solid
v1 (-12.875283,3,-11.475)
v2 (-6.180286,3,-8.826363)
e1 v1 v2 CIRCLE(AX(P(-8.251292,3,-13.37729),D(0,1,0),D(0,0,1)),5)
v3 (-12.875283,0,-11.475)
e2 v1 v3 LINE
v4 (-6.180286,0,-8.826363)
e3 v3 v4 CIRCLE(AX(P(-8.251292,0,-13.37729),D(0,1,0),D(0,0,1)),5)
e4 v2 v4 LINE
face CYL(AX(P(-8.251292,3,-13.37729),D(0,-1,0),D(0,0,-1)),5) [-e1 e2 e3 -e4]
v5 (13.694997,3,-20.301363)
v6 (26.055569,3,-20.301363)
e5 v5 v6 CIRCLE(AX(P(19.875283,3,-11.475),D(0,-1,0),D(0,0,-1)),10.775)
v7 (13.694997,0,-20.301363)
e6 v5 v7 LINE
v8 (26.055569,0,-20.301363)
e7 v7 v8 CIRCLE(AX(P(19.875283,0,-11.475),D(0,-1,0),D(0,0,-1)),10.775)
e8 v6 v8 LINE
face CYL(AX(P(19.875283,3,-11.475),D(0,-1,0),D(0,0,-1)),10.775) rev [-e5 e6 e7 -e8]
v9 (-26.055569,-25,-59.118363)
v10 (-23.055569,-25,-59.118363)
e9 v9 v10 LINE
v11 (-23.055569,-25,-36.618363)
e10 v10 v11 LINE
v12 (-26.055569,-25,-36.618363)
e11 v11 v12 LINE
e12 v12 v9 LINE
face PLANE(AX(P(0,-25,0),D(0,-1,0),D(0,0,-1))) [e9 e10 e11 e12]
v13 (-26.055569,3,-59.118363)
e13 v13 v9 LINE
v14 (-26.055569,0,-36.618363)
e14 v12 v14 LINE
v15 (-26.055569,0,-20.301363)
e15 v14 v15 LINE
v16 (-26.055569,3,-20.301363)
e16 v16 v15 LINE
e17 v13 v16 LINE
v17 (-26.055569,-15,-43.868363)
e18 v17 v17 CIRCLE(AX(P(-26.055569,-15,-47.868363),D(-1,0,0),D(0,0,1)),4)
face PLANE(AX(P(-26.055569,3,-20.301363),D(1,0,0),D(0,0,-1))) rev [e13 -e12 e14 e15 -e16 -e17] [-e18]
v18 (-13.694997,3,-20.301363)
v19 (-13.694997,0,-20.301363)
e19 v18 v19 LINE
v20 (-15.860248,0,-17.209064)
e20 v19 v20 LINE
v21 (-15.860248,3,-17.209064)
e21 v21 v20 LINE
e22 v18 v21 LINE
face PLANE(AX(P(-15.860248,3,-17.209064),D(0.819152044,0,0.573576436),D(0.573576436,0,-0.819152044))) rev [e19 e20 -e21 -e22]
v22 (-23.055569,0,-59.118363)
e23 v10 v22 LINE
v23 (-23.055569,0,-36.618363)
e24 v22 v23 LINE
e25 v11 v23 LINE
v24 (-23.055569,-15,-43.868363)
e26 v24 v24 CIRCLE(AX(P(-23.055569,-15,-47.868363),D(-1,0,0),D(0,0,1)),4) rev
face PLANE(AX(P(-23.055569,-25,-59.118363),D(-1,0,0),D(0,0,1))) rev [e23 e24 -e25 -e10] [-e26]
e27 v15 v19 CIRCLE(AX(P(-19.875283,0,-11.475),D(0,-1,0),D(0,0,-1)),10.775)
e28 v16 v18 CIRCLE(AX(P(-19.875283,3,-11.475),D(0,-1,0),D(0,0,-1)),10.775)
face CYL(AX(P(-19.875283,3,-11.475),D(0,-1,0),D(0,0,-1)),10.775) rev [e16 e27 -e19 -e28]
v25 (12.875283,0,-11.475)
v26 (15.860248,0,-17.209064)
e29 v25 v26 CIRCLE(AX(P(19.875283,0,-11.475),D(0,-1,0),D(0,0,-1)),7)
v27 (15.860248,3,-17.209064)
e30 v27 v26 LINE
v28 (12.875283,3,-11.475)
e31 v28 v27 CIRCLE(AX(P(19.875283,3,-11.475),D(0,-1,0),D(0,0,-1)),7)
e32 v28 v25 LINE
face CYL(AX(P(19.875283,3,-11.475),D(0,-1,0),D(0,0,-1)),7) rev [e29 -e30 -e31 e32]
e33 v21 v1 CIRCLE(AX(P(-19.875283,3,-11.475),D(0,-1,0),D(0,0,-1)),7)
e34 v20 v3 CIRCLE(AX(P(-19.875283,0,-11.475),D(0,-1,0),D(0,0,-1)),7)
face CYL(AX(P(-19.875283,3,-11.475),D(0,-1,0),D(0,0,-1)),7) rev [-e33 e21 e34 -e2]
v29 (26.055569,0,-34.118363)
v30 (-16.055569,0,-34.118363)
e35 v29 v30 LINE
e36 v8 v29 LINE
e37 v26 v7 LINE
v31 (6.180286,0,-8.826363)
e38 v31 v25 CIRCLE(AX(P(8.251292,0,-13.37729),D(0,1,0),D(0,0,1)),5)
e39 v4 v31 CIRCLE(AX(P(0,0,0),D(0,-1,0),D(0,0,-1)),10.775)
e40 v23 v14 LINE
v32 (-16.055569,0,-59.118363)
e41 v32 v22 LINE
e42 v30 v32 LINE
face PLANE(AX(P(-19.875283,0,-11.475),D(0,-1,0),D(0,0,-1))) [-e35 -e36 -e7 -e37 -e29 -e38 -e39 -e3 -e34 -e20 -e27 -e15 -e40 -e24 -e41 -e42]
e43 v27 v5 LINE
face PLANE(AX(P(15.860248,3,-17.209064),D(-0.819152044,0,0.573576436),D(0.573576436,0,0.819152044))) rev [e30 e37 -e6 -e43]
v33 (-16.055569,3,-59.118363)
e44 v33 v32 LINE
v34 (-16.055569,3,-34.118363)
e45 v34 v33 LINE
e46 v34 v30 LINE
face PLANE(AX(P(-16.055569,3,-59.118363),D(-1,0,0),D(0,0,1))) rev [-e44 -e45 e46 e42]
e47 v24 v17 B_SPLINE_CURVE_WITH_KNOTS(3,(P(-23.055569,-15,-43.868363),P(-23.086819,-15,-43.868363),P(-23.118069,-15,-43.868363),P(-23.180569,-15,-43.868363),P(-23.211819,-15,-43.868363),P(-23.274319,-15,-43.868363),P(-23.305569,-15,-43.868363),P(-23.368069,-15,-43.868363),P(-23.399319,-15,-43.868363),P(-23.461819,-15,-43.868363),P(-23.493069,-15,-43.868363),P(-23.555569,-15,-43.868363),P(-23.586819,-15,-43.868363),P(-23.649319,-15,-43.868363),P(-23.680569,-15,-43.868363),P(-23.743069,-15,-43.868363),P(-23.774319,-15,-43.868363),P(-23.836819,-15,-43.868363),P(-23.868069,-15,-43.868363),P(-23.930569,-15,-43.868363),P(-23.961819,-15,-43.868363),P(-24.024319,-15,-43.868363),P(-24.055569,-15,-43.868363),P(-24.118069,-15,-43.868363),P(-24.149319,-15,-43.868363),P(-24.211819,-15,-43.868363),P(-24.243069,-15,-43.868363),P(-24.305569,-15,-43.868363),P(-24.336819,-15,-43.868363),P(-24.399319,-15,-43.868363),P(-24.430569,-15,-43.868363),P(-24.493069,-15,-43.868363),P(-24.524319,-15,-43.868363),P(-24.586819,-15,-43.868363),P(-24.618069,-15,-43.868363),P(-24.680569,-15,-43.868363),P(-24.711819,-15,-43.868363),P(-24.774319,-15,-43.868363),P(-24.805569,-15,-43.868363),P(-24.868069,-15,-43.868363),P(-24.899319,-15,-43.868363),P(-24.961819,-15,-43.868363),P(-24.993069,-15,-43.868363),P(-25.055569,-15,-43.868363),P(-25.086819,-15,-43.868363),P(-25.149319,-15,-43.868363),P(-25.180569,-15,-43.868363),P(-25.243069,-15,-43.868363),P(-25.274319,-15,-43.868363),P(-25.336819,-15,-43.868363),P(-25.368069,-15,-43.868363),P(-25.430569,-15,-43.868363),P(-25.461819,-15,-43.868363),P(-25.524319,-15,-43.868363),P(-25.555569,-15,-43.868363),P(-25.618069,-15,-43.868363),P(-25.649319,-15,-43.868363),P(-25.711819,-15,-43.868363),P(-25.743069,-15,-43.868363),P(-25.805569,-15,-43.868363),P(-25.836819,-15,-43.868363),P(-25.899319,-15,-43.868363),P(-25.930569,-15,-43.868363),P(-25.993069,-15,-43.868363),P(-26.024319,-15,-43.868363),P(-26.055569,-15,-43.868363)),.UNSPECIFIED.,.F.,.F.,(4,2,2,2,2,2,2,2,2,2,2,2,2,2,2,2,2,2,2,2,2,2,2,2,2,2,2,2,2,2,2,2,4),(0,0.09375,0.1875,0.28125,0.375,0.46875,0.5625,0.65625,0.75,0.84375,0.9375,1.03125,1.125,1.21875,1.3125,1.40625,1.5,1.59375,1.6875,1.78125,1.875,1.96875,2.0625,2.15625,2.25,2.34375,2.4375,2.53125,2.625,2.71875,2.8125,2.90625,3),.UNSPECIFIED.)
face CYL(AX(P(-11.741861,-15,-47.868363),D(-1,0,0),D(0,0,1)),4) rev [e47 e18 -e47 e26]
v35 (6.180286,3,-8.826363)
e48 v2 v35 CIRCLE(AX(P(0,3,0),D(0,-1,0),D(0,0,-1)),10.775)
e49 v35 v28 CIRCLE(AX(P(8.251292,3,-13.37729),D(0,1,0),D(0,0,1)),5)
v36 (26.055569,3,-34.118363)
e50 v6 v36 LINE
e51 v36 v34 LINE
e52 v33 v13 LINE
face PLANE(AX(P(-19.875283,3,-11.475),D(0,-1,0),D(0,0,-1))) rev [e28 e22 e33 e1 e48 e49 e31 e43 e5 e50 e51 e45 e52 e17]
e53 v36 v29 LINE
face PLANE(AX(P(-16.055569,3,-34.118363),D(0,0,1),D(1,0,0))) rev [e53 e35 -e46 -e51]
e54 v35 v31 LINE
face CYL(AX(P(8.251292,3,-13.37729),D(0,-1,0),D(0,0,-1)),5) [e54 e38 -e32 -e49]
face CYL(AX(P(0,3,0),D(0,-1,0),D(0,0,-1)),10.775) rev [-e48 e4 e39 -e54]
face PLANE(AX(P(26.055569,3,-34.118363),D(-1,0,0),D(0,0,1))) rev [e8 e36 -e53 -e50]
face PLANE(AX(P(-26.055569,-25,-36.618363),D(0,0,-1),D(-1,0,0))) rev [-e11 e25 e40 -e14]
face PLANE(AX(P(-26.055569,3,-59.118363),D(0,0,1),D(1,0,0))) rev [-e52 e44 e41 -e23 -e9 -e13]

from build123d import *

# Parameters (mm, degrees)
BOSS_EXTRUDE1_DEPTH = 3
SKETCH3_W           = 3
SKETCH3_H           = 22.5
BOSS_EXTRUDE2_DEPTH = 25
SKETCH4_R           = 4
CUT_EXTRUDE1_DEPTH  = 3


with BuildPart() as part:
    # Sketch2 → Boss-Extrude1 (new body)
    with BuildSketch(Plane(origin=(0, 0, 0), x_dir=(1, 0, 0), z_dir=(0, 1, 0))):
        with BuildLine():
            Line((-15.860247962, 17.20906431), (-13.694996915, 20.301363277))
            ThreePointArc((-13.694996915, 20.301363277), (-19.875283017, 22.25), (-26.055569119, 20.301363277))
            Line((-26.055569119, 20.301363277), (-26.055569119, 34.118363277))
            Line((-26.055569119, 34.118363277), (-26.055569119, 59.118363277))
            Line((-26.055569119, 59.118363277), (-16.055569119, 59.118363277))
            Line((-16.055569119, 59.118363277), (-16.055569119, 34.118363277))
            Line((-16.055569119, 34.118363277), (26.055569119, 34.118363277))
            Line((26.055569119, 34.118363277), (26.055569119, 20.301363277))
            ThreePointArc((26.055569119, 20.301363277), (19.875283017, 22.25), (13.694996915, 20.301363277))
            Line((13.694996915, 20.301363277), (15.860247962, 17.20906431))
            ThreePointArc((15.860247962, 17.20906431), (13.666207185, 14.707240293), (12.875283017, 11.475))
            ThreePointArc((12.875283017, 11.475), (10.090653959, 8.727908609), (6.180286102, 8.826363277))
            ThreePointArc((6.180286102, 8.826363277), (0, 10.775), (-6.180286102, 8.826363277))
            ThreePointArc((-6.180286102, 8.826363277), (-10.090653959, 8.727908609), (-12.875283017, 11.475))
            ThreePointArc((-12.875283017, 11.475), (-13.666207185, 14.707240293), (-15.860247962, 17.20906431))
        make_face()
    extrude(amount=BOSS_EXTRUDE1_DEPTH)

    # Sketch3 → Boss-Extrude2 (add)
    with BuildSketch(Plane.XZ):
        with Locations((-24.555569119, -47.868363277)):
            Rectangle(SKETCH3_W, SKETCH3_H)
    extrude(amount=BOSS_EXTRUDE2_DEPTH)

    # Sketch4 → Cut-Extrude1 (cut)
    with BuildSketch(Plane.ZY.offset(26.055569119)):
        with Locations((-47.868363277, -15)):
            Circle(SKETCH4_R)
    extrude(amount=-CUT_EXTRUDE1_DEPTH, mode=Mode.SUBTRACT)


solid = part.part
